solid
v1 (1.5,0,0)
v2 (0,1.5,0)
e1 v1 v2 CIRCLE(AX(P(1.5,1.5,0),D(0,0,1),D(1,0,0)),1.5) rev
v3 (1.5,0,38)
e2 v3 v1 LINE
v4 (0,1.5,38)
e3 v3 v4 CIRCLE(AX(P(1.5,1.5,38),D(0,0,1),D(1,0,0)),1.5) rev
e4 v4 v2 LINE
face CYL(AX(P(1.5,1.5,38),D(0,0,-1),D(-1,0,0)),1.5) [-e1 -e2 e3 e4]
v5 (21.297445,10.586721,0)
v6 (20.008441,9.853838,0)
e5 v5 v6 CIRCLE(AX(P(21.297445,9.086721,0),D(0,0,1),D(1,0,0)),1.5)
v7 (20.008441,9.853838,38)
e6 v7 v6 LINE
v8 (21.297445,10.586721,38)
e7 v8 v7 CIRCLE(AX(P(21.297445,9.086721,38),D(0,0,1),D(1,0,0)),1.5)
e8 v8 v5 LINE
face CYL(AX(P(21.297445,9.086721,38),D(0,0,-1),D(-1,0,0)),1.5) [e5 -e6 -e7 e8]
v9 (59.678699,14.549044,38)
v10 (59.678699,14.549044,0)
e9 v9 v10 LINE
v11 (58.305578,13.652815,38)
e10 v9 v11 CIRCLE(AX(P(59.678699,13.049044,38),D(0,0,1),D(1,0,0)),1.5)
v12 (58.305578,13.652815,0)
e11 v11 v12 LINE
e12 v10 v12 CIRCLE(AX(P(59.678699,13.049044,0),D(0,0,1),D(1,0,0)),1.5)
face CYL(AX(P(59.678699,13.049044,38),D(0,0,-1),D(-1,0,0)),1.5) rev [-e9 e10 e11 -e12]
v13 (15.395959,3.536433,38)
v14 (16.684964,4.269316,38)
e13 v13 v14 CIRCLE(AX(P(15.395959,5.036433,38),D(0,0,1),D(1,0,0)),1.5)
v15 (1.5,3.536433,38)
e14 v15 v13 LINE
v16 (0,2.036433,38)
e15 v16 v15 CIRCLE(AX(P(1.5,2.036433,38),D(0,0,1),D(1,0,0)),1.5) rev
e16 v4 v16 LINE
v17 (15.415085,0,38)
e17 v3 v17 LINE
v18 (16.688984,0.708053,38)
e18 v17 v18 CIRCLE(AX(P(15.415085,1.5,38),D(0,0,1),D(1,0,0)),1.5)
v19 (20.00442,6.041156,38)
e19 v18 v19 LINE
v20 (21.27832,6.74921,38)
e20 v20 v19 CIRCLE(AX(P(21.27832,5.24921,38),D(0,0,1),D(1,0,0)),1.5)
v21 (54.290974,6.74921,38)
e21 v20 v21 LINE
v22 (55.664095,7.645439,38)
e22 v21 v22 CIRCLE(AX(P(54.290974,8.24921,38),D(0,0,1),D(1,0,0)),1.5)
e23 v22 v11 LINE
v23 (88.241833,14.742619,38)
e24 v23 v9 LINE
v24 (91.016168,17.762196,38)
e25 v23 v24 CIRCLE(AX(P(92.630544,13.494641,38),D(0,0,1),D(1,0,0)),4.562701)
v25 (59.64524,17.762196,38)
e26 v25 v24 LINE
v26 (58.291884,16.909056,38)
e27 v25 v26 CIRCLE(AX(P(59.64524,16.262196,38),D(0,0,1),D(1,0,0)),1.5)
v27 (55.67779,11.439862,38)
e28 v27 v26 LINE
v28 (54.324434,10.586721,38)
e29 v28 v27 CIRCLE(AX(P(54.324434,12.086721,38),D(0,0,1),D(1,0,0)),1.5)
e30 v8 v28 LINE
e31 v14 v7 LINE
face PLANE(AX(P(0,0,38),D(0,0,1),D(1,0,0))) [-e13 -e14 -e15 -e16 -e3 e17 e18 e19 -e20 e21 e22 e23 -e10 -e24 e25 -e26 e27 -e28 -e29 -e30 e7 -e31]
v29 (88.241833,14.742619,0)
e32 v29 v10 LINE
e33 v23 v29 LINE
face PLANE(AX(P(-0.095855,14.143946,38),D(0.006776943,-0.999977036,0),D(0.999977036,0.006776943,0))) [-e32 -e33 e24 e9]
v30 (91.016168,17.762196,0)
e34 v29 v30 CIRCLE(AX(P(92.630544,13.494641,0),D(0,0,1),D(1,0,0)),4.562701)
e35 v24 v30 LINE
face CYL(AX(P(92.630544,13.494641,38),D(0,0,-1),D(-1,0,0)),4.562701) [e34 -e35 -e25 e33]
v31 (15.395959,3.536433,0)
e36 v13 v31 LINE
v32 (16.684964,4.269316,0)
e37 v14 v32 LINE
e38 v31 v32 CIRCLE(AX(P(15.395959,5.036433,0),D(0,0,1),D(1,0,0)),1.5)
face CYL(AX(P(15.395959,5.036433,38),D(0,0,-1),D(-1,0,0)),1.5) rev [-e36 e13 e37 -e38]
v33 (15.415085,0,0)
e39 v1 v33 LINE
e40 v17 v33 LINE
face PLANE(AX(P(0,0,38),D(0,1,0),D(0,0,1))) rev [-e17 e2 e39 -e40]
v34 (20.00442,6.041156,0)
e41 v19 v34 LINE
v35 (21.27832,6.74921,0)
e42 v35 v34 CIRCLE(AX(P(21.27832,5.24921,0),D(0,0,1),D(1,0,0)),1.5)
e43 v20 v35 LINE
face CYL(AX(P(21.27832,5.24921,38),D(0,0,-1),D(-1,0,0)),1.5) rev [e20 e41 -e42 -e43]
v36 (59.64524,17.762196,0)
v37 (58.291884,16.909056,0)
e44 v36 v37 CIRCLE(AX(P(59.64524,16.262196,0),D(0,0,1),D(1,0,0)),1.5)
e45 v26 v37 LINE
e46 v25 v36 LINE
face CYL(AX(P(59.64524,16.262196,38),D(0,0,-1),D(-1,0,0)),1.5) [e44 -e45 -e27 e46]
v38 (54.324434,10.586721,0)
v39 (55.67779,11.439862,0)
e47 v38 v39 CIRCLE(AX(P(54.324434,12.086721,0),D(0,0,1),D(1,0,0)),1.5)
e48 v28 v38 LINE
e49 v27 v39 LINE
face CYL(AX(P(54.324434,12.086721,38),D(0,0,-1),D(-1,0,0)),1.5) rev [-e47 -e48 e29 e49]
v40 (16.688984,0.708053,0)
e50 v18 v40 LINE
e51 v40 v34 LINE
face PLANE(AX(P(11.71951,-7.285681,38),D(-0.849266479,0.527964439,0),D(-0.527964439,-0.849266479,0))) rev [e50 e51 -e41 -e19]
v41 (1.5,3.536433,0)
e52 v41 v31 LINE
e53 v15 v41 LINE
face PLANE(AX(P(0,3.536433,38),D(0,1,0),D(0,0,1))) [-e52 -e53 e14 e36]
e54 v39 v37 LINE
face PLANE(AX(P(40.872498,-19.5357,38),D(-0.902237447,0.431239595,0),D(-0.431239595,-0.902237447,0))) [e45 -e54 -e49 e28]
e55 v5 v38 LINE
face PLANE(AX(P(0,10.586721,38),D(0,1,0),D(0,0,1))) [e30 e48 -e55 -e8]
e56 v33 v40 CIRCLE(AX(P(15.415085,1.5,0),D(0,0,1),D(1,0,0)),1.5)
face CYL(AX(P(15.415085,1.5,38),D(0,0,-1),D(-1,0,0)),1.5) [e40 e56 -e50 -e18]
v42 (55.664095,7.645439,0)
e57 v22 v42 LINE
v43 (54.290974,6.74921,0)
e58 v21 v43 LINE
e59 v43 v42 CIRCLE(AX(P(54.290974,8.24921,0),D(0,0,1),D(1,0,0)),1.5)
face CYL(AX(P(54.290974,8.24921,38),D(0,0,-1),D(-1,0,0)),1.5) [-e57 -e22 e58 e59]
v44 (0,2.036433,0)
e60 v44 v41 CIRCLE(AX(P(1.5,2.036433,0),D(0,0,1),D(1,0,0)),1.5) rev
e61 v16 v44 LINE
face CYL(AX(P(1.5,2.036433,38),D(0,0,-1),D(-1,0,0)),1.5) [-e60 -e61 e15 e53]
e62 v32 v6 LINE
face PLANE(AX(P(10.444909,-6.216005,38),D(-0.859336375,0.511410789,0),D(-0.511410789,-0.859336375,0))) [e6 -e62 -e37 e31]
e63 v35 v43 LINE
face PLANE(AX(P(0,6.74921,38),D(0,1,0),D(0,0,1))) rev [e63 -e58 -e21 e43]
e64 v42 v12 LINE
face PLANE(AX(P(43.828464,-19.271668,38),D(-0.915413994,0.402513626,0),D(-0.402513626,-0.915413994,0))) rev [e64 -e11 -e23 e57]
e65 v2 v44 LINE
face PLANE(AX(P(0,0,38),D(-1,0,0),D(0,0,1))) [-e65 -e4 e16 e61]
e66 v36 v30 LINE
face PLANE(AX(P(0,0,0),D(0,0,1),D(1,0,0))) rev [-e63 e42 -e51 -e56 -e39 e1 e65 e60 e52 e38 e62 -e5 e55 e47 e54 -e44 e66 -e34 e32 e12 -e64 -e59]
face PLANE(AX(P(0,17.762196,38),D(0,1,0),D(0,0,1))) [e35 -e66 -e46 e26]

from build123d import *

# Parameters (mm, degrees)
SKETCH_3_R      = 4.562700836
EXTRUDE_3_DEPTH = 38


with BuildPart() as part:
    # 草图3 → 凸台-拉伸3 (new body)
    with BuildSketch(Plane.XY):
        with Locations((92.630544214, 13.494641075)):
            Circle(SKETCH_3_R)
        with BuildLine():
            ThreePointArc((91.130544214, 14.762196375), (92.191204386, 15.201536203), (92.630544214, 16.262196375))
            ThreePointArc((92.630544214, 16.262196375), (92.191204386, 17.322856547), (91.130544214, 17.762196375))
            Line((91.130544214, 17.762196375), (59.64523969, 17.762196375))
            ThreePointArc((59.64523969, 17.762196375), (58.845330036, 17.531111086), (58.291883519, 16.909055768))
            Line((58.291883519, 16.909055768), (55.677790218, 11.439862088))
            ThreePointArc((55.677790218, 11.439862088), (55.124343701, 10.817806769), (54.324434046, 10.586721481))
            Line((54.324434046, 10.586721481), (21.297445186, 10.586721481))
            ThreePointArc((21.297445186, 10.586721481), (20.556052671, 10.390691242), (20.008440624, 9.853837664))
            Line((20.008440624, 9.853837664), (16.684963935, 4.269316435))
            ThreePointArc((16.684963935, 4.269316435), (16.137351889, 3.732462858), (15.395959373, 3.536432619))
            Line((15.395959373, 3.536432619), (1.5, 3.536432619))
            ThreePointArc((1.5, 3.536432619), (0.439339828, 3.09709279), (0, 2.036432619))
            Line((0, 2.036432619), (0, 1.5))
            ThreePointArc((0, 1.5), (0.439339828, 0.439339828), (1.5, 0))
            Line((1.5, 0), (15.415084557, 0))
            ThreePointArc((15.415084557, 0), (16.143809475, 0.188908854), (16.688984275, 0.708053342))
            Line((16.688984275, 0.708053342), (20.004420285, 6.041156217))
            ThreePointArc((20.004420285, 6.041156217), (20.549595084, 6.560300705), (21.278320002, 6.749209559))
            Line((21.278320002, 6.749209559), (54.290974396, 6.749209559))
            ThreePointArc((54.290974396, 6.749209559), (55.110835464, 6.99309339), (55.664095388, 7.645439121))
            Line((55.664095388, 7.645439121), (58.305578349, 13.652814563))
            ThreePointArc((58.305578349, 13.652814563), (58.858838273, 14.305160293), (59.678699341, 14.549044125))
            Line((59.678699341, 14.549044125), (91.130544214, 14.762196375))
        make_face()
    extrude(amount=EXTRUDE_3_DEPTH)


solid = part.part
